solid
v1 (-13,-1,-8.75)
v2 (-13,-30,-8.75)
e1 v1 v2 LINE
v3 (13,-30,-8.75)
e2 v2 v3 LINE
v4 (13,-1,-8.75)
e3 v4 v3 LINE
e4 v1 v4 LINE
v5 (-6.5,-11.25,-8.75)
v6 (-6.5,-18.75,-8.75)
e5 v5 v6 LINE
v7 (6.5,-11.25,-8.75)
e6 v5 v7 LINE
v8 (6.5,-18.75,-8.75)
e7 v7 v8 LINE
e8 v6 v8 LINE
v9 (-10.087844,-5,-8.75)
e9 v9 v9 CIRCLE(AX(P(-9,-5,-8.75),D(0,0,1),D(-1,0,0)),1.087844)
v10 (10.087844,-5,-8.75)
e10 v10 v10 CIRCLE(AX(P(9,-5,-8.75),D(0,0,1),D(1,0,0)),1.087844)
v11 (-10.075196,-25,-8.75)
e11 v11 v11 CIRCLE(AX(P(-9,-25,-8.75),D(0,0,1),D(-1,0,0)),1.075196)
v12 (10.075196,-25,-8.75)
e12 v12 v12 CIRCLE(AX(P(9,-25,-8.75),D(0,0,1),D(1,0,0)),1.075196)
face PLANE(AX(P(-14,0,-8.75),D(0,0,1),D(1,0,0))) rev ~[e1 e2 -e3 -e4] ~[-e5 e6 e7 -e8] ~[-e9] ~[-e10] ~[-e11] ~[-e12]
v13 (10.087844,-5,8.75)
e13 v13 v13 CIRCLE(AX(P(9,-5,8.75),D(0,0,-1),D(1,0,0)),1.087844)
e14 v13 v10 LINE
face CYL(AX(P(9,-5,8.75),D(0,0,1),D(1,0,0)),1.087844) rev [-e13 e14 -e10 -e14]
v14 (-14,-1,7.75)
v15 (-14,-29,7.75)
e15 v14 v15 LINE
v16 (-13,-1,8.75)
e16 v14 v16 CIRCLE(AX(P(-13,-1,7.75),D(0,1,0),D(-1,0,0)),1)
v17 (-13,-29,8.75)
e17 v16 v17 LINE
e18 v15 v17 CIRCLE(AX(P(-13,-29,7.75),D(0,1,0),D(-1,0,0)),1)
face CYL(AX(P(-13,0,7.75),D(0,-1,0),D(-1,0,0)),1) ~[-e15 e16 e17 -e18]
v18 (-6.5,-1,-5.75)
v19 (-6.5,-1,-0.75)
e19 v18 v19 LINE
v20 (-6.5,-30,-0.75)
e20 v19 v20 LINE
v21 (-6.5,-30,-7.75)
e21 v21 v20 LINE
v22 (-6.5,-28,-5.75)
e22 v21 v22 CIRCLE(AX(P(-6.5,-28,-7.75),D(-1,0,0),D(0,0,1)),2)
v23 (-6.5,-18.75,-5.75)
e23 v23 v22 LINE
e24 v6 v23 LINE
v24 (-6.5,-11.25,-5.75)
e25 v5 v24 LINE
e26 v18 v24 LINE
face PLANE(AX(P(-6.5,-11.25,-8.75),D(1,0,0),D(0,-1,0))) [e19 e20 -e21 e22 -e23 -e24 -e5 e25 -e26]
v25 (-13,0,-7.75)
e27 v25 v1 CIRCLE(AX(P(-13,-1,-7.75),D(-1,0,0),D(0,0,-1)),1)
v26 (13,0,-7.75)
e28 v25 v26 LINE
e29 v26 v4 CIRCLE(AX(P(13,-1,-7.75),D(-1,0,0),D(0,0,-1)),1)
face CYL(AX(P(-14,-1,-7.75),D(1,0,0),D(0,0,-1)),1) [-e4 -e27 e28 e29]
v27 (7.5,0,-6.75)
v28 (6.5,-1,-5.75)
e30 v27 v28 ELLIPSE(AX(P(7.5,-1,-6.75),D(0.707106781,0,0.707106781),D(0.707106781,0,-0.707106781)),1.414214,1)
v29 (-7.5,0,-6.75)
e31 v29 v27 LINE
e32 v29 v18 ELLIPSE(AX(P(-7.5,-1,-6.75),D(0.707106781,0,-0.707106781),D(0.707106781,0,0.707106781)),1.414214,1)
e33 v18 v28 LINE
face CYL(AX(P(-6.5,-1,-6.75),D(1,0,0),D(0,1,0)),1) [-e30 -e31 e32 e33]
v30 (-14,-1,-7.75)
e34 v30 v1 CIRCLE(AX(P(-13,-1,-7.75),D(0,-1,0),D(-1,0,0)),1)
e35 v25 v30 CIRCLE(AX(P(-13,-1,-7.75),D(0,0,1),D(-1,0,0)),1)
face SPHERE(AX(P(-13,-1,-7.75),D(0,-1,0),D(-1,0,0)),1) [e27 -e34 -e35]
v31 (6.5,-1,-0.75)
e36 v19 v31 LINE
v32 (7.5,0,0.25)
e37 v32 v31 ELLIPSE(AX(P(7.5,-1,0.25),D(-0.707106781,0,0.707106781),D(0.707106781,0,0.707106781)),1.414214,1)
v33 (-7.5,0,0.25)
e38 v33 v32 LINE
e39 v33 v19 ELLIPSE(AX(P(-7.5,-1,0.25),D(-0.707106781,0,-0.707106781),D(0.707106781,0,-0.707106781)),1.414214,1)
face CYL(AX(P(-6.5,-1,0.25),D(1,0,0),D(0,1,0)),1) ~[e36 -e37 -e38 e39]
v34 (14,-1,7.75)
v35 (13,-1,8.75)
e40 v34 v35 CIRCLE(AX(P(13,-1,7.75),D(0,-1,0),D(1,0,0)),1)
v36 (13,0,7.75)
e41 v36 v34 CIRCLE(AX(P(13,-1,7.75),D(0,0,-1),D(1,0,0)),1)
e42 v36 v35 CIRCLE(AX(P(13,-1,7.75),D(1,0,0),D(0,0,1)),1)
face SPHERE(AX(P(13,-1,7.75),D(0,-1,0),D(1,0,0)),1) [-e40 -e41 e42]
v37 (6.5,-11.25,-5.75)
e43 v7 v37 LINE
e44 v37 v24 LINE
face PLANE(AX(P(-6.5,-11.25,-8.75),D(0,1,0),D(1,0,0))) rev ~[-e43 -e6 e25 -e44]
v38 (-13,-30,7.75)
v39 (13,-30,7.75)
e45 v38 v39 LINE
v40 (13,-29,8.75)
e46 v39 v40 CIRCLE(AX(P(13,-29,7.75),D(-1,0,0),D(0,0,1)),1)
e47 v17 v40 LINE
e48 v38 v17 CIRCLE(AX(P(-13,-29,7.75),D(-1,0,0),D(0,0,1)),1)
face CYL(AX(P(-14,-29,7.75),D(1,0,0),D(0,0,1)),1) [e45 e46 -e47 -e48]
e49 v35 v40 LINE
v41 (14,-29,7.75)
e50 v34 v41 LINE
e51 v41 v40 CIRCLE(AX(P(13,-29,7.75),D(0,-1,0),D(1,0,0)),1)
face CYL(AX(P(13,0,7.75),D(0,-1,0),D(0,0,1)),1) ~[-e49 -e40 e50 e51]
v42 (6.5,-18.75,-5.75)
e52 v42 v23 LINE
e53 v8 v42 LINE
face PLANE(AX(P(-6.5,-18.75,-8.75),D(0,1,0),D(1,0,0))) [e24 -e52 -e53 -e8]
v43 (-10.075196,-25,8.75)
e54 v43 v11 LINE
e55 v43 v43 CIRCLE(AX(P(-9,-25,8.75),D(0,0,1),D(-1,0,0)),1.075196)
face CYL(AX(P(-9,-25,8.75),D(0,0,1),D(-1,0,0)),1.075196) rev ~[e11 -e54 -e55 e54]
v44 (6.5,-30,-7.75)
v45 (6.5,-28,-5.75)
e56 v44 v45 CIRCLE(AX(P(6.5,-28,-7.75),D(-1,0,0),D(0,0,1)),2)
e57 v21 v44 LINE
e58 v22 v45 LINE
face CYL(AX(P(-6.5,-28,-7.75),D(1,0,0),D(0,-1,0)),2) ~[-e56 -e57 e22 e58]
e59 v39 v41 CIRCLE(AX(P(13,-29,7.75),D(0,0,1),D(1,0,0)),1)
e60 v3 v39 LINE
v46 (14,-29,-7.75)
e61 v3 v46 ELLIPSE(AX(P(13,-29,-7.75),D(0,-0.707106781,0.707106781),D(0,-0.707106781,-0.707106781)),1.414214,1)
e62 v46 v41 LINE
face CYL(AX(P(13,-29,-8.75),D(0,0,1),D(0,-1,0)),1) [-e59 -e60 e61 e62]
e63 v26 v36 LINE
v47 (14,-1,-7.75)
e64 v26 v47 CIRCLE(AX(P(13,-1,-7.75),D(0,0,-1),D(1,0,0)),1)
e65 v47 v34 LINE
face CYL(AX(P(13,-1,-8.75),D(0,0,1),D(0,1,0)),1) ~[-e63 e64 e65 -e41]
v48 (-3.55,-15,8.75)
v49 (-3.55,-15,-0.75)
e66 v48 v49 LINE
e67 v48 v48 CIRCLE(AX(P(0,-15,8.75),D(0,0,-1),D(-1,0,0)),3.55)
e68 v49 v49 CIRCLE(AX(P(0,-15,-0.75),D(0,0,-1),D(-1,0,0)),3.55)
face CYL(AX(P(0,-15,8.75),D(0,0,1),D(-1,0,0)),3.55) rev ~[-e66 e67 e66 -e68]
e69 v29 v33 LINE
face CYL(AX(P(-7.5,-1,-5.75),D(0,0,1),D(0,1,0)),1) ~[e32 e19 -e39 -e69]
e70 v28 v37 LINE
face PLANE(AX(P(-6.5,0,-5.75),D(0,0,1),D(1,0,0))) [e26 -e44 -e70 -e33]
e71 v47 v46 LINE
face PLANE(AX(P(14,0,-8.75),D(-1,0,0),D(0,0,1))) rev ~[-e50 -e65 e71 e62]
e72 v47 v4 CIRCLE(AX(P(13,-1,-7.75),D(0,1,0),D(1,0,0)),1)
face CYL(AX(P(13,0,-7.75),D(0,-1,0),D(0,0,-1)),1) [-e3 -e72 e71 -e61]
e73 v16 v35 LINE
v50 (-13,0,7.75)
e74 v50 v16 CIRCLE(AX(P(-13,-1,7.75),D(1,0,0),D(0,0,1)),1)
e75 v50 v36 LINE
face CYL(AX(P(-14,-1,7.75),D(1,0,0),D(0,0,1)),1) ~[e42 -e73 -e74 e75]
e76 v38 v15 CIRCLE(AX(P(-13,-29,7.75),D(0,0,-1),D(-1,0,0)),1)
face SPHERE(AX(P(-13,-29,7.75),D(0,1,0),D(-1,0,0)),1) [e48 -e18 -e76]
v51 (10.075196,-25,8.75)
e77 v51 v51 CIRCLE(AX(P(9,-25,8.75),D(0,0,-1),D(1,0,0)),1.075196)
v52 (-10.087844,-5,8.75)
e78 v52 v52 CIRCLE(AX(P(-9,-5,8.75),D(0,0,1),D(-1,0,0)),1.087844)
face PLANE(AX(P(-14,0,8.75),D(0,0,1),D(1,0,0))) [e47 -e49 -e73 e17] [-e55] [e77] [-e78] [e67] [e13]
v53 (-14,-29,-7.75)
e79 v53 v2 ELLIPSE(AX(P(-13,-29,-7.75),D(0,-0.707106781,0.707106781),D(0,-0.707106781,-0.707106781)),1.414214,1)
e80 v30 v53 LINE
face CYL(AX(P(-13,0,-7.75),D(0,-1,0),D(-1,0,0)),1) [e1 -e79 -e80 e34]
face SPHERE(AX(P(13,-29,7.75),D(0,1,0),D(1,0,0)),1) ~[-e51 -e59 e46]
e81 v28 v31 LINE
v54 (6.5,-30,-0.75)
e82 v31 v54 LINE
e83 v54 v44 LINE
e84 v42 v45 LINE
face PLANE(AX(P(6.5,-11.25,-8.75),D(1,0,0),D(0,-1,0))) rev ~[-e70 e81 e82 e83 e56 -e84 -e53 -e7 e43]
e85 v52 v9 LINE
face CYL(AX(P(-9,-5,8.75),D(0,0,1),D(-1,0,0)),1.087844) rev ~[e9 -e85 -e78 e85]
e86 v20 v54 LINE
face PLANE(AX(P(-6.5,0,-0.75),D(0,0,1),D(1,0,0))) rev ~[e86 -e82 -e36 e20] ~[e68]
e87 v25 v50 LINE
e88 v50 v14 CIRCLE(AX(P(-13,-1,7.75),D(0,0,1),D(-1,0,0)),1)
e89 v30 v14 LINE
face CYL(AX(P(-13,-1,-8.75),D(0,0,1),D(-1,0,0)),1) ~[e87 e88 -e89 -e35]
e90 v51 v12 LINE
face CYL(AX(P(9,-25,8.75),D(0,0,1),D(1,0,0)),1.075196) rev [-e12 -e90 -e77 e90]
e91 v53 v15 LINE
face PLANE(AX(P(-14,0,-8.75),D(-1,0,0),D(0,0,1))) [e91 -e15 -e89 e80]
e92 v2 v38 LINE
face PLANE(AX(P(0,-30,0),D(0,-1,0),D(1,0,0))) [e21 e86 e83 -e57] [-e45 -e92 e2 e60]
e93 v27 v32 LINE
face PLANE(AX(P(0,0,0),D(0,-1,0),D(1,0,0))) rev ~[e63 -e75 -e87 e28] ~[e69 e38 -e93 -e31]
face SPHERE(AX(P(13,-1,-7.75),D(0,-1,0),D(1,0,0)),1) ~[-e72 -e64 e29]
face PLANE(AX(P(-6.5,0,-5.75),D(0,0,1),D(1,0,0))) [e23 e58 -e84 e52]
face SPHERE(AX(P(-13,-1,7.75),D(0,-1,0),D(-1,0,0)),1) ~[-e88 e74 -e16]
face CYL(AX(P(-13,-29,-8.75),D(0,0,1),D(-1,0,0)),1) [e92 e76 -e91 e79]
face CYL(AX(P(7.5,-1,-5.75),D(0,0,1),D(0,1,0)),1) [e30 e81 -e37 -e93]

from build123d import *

# Parameters (mm, degrees)
SKETCH_W        = 28
SKETCH_H        = 17.5
SKETCH_W_2      = 13
SKETCH_H_2      = 5
PAD_DEPTH       = 30
SKETCH001_R     = 3.55
SKETCH001_R_2   = 1.075196
SKETCH001_R_3   = 1.087844
POCKET_DEPTH    = 106.725436
SKETCH002_W     = 13
SKETCH002_H     = 7.5
POCKET001_DEPTH = 5
FILLET_R        = 1
FILLET001_R     = 2


with BuildPart() as part:
    # Sketch → Pad (new body)
    with BuildSketch(Plane.XZ):
        Rectangle(SKETCH_W, SKETCH_H)
        with Locations((0, -3.25)):
            Rectangle(SKETCH_W_2, SKETCH_H_2, mode=Mode.SUBTRACT)
    extrude(amount=PAD_DEPTH)

    # Sketch001 (on DatumPlane) → Pocket (cut, through all)
    with BuildSketch(Plane(origin=(0, 0, 8.75), x_dir=(-1, 0, 0), z_dir=(0, 0, 1))):
        with Locations((0, 15)):
            Circle(SKETCH001_R)
        with Locations((9, 25)):
            Circle(SKETCH001_R_2)
        with Locations((9, 5)):
            Circle(SKETCH001_R_3)
    pocket = extrude(amount=-POCKET_DEPTH, mode=Mode.SUBTRACT)

    # Mirrored: Pocket across Sketch001 V_Axis
    add(pocket.mirror(Plane(origin=(0, 0, 8.75), x_dir=(0, 0, 1), z_dir=(-1, 0, 0))), mode=Mode.SUBTRACT)

    # Sketch002 (on Face1 of Mirrored) → Pocket001 (cut)
    with BuildSketch(Plane(origin=(0, 0, -8.75), x_dir=(1, 0, 0), z_dir=(0, 0, -1))):
        with Locations((0, 15)):
            Rectangle(SKETCH002_W, SKETCH002_H)
    extrude(amount=-POCKET001_DEPTH, mode=Mode.SUBTRACT)

    # Fillet
    fillet_edges = [part.edges().sort_by_distance(p)[0] for p in [
        (-14, -15, 8.75),
        (-14, -15, -8.75),
        (-14, 0, 0),
        (-14, -30, 0),
        (14, -15, -8.75),
        (14, -15, 8.75),
        (14, 0, 0),
        (14, -30, 0),
        (0, 0, -8.75),
        (0, 0, 8.75),
        (0, 0, -5.75),
        (6.5, 0, -3.25),
        (0, 0, -0.75),
        (-6.5, 0, -3.25),
        (0, -30, 8.75),
    ]]
    fillet(fillet_edges, radius=FILLET_R)

    # Fillet001
    fillet001_edges = [part.edges().sort_by_distance(p)[0] for p in [
        (0, -30, -5.75),
    ]]
    fillet(fillet001_edges, radius=FILLET001_R)


solid = part.part
